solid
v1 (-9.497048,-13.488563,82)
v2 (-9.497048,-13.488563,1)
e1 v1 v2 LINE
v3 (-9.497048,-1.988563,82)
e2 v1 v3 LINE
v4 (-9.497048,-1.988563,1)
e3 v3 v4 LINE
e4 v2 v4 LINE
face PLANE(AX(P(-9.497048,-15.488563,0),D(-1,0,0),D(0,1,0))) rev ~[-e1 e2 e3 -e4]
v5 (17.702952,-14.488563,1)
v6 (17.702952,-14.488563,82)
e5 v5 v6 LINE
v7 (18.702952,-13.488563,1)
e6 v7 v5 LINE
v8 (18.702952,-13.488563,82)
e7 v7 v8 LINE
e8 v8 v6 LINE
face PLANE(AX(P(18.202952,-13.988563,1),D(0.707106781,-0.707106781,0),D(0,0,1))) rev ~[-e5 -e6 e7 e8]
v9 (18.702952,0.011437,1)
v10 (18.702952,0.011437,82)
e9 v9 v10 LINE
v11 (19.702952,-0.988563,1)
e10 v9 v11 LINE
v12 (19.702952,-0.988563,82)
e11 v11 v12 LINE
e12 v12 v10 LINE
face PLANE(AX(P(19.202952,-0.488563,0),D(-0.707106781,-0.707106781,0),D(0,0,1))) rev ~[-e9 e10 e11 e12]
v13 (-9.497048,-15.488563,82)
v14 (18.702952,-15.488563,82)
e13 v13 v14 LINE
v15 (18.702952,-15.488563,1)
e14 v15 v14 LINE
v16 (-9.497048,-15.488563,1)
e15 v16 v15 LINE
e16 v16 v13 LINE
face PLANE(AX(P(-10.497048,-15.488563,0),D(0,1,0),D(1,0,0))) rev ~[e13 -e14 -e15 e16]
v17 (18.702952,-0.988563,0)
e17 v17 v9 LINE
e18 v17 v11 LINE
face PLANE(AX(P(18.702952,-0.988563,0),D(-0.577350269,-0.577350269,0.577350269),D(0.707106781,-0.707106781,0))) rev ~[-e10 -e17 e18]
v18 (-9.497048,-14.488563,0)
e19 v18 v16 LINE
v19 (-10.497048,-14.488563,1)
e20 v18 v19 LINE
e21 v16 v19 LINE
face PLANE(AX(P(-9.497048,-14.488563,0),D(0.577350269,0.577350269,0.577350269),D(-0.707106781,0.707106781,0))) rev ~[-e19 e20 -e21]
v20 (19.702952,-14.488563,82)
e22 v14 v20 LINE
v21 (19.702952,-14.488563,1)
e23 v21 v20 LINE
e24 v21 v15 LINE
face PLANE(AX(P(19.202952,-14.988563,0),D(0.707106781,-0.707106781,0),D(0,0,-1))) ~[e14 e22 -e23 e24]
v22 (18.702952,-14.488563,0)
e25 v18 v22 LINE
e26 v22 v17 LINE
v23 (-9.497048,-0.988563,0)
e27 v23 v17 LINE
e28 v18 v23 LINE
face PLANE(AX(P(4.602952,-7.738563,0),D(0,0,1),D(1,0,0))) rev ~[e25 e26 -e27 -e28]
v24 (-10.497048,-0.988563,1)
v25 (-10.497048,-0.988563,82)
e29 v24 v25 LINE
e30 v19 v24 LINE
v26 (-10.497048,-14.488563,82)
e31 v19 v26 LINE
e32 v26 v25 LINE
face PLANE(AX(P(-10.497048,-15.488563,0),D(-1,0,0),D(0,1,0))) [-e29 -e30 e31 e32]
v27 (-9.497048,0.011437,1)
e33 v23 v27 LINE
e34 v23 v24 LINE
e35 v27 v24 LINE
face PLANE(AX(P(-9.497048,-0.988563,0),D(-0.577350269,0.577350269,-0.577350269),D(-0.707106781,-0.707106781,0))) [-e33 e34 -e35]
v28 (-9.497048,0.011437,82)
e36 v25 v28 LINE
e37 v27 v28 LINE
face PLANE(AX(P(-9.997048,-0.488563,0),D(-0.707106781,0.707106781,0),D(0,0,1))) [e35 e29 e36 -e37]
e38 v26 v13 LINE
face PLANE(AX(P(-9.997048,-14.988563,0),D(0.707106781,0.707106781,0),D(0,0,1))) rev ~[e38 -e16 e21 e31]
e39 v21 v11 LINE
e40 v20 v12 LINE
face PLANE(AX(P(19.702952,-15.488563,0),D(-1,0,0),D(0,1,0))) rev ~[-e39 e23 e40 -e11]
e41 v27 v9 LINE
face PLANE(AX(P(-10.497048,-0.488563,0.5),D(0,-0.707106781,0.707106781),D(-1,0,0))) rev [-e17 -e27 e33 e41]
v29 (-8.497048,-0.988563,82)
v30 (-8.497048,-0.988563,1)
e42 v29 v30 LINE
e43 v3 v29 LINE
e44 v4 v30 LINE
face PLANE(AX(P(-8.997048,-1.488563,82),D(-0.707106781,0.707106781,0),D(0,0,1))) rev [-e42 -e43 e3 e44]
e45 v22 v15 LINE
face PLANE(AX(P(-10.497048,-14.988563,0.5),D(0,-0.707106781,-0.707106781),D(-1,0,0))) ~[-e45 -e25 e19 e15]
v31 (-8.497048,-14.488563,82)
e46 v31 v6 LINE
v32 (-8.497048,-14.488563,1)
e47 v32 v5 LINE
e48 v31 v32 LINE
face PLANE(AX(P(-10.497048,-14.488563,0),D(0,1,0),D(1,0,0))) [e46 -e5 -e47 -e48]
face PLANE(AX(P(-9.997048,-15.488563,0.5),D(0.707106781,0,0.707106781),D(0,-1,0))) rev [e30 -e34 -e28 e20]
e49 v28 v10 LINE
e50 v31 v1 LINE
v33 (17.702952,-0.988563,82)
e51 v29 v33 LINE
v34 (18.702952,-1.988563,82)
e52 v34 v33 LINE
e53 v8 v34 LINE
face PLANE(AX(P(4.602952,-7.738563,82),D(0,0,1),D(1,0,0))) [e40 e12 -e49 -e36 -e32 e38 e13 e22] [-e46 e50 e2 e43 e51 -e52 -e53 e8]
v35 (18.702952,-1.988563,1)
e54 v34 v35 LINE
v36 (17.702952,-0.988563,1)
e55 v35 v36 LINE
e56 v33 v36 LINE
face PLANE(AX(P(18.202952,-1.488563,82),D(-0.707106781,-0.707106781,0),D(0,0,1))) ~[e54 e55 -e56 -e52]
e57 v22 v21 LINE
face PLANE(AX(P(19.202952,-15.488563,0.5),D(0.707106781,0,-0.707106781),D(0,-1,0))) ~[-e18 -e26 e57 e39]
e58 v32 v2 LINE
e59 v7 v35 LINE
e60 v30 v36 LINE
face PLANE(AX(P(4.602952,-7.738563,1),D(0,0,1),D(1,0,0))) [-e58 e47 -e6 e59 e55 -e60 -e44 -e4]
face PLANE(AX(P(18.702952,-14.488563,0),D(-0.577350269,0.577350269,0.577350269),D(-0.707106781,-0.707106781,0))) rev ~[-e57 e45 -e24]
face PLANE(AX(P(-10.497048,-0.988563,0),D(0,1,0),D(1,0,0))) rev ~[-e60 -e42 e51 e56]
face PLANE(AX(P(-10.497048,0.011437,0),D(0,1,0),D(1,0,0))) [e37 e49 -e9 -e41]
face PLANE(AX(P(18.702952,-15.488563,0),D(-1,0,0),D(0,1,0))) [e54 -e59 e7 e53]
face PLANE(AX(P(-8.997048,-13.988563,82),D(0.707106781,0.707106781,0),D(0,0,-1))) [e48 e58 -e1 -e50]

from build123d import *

# Parameters (mm, degrees)
F0_W     = 30.2
F0_H     = 15.5
F1_DEPTH = 82
F2_T     = -1
F3_SIZE  = 1
F4_SIZE  = 1


with BuildPart() as f1:
    # F0 (on Top) → F1 (new body)
    with BuildSketch(Plane.XY):
        with Locations((4.6029518125, -7.7385634869)):
            Rectangle(F0_W, F0_H)
    extrude(amount=F1_DEPTH)

    # F2
    f2_openings = [f1.faces().sort_by_distance(p)[0] for p in [
        (4.602952, -7.738563, 82),
    ]]
    offset(amount=F2_T, openings=f2_openings)

    # F3
    f3_edges = [f1.edges().sort_by_distance(p)[0] for p in [
        (19.702952, 0.011437, 41),
        (19.702952, -15.488563, 41),
        (-10.497048, 0.011437, 41),
        (-10.497048, -15.488563, 41),
        (4.602952, 0.011437, 0),
        (19.702952, -7.738563, 0),
        (4.602952, -15.488563, 0),
        (-10.497048, -7.738563, 0),
    ]]
    chamfer(f3_edges, length=F3_SIZE)

    # F4
    f4_edges = [f1.edges().sort_by_distance(p)[0] for p in [
        (-9.497048, -0.988563, 41.5),
        (18.702952, -0.988563, 41.5),
        (18.702952, -14.488563, 41.5),
        (-9.497048, -14.488563, 41.5),
    ]]
    chamfer(f4_edges, length=F4_SIZE)


solid = f1.part
